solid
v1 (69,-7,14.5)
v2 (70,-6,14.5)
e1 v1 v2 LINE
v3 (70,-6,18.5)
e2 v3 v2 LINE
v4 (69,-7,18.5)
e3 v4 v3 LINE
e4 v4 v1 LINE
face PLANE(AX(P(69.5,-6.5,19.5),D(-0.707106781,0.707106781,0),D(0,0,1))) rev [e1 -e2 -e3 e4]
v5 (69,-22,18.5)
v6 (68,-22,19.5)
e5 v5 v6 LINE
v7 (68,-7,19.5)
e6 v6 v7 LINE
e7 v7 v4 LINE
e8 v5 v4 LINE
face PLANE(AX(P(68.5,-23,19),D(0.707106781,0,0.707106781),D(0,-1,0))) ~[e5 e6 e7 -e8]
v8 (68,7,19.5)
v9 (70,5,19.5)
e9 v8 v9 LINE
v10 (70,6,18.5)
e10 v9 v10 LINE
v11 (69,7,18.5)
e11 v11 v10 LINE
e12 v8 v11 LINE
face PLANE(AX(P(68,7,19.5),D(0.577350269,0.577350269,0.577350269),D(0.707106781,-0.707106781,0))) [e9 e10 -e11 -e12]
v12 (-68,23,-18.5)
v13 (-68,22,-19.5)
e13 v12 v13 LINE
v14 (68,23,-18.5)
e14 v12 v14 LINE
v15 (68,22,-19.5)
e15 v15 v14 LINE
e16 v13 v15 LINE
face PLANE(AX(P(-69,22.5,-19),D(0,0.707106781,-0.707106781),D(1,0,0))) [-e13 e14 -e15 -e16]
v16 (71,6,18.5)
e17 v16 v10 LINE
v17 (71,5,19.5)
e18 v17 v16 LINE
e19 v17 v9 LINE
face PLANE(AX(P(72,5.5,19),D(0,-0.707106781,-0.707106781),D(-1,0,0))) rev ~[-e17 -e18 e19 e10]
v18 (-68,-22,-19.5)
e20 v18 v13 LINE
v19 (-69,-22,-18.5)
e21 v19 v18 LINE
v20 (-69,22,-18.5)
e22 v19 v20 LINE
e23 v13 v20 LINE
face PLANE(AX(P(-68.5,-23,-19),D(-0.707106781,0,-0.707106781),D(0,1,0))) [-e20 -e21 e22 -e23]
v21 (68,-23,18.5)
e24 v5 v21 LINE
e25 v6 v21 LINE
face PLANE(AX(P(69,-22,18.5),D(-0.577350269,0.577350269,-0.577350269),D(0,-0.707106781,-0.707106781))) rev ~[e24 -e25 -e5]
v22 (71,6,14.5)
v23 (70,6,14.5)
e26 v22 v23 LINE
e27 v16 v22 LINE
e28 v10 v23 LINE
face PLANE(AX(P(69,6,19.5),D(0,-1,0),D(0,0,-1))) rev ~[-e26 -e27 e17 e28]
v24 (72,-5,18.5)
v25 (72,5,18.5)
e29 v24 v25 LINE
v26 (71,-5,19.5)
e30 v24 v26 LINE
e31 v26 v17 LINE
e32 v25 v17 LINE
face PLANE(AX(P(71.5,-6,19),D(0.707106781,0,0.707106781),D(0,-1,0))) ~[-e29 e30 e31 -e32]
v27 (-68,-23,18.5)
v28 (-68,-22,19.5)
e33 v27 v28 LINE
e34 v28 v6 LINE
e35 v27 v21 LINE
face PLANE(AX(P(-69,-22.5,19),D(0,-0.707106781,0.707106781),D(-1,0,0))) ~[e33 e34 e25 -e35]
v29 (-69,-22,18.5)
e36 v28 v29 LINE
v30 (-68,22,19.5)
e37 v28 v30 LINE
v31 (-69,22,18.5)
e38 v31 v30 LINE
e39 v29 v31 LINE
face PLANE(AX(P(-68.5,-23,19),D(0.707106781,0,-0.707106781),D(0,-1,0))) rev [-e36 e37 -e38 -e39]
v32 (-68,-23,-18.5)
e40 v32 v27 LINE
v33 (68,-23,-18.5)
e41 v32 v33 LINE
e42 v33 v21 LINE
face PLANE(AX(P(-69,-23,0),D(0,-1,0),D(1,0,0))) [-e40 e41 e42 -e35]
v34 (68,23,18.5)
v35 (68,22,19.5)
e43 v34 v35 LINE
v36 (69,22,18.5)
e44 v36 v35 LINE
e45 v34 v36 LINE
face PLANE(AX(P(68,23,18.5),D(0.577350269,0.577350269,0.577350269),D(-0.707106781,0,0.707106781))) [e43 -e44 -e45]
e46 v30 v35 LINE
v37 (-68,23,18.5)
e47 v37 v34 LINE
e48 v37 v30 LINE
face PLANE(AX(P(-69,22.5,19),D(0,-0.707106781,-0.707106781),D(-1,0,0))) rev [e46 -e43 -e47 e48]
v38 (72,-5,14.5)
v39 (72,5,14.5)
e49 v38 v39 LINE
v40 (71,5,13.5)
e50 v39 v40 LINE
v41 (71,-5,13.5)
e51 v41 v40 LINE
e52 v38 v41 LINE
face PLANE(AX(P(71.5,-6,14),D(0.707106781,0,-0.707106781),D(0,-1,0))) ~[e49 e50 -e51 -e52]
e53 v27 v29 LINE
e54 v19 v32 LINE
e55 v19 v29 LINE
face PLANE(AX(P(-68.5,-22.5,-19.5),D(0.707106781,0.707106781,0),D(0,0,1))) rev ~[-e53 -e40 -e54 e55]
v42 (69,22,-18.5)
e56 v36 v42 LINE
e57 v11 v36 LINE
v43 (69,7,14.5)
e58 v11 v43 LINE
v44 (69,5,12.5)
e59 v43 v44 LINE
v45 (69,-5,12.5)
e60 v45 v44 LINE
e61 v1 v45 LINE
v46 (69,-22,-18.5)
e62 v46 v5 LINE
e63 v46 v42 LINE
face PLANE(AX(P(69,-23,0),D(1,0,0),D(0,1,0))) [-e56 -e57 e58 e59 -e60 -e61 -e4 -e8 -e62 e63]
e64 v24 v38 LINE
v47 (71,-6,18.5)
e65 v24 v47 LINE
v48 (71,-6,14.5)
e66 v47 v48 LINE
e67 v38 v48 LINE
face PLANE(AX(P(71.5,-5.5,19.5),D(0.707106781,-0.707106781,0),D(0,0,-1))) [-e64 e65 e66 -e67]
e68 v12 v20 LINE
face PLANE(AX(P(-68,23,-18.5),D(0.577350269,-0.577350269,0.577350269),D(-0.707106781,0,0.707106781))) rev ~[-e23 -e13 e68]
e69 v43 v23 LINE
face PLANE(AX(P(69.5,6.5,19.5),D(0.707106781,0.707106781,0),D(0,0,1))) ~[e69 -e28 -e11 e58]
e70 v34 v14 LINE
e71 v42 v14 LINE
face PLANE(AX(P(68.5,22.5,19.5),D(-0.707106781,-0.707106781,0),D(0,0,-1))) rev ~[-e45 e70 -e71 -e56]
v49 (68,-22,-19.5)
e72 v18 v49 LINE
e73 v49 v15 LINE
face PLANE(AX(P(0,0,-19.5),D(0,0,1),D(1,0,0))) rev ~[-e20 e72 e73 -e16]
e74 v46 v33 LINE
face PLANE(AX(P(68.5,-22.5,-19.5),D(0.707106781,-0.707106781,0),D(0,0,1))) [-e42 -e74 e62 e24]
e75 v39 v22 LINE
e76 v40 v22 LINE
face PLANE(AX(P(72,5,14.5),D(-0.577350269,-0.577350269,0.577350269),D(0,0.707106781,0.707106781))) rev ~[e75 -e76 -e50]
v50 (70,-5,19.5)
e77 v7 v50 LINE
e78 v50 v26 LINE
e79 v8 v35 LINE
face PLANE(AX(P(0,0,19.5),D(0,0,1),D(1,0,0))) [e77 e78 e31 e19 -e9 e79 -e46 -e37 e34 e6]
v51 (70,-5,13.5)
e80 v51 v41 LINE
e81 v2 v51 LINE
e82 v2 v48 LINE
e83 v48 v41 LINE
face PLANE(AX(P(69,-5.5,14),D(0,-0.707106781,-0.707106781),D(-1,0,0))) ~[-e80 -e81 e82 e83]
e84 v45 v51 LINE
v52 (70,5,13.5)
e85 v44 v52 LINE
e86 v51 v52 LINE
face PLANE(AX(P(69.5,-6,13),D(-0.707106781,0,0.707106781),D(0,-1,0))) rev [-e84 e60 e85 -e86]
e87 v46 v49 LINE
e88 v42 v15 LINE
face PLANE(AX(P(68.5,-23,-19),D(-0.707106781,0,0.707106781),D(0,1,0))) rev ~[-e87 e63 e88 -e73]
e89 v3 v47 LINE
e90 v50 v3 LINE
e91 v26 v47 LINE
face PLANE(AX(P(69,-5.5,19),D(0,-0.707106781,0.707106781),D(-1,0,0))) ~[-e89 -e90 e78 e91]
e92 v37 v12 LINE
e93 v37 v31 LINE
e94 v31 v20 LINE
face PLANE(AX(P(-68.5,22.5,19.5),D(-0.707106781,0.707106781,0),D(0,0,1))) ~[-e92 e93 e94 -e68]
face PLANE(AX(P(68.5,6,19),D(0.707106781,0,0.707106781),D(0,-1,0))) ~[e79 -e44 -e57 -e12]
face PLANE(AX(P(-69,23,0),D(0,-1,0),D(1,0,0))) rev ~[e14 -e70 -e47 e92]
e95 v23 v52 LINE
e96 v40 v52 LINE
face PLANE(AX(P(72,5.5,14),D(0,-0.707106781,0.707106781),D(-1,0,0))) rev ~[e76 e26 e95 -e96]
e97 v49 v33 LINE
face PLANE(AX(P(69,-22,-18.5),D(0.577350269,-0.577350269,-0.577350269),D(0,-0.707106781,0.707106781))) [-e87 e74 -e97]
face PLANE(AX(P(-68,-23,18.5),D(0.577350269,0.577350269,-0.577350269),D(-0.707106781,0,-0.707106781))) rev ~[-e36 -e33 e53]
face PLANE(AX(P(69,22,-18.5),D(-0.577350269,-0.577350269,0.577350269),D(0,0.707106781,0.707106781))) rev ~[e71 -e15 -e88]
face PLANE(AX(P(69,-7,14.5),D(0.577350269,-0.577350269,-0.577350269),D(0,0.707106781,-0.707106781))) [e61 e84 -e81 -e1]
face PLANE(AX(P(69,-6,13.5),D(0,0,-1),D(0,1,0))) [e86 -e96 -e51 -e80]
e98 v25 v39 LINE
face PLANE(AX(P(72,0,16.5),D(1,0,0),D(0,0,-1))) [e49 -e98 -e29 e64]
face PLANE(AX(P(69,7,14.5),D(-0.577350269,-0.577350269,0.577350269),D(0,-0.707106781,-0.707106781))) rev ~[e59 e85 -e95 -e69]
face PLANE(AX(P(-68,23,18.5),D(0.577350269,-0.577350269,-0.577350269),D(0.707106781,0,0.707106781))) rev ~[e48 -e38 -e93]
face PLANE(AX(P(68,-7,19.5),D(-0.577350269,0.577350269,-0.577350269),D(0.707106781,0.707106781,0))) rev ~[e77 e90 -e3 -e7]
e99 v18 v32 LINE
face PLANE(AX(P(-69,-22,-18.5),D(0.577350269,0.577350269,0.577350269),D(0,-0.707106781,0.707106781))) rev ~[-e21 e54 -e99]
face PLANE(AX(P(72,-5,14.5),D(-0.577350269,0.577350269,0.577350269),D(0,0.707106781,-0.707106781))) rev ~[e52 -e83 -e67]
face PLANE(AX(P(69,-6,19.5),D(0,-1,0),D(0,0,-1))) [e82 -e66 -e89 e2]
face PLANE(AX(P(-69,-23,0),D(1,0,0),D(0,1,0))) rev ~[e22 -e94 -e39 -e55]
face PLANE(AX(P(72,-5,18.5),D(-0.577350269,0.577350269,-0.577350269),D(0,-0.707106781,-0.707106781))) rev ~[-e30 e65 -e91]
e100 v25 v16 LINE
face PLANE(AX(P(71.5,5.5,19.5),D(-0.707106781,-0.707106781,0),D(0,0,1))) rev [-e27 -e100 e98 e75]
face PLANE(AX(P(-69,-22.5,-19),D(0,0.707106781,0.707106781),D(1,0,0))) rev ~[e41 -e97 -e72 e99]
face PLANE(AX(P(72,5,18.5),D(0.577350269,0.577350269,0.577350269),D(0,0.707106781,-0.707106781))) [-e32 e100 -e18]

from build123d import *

# Parameters (mm, degrees)
SKETCH1_W           = 138
SKETCH1_H           = 46
BOSS_EXTRUDE1_DEPTH = 19.5
SKETCH2_W           = 6
SKETCH2_H           = 12
BOSS_EXTRUDE2_DEPTH = 3
CHAMFER1_SIZE       = 1


with BuildPart() as part:
    # Sketch1 → Boss-Extrude1 (new body, symmetric)
    with BuildSketch(Plane.XY):
        Rectangle(SKETCH1_W, SKETCH1_H)
    extrude(amount=BOSS_EXTRUDE1_DEPTH, both=True)

    # Sketch2 → Boss-Extrude2 (add, symmetric)
    with BuildSketch(Plane(origin=(69, 0, 0), x_dir=(0, 0, -1), z_dir=(1, 0, 0))):
        with Locations((-16.5, 0)):
            Rectangle(SKETCH2_W, SKETCH2_H)
    extrude(amount=BOSS_EXTRUDE2_DEPTH, both=True)

    # Chamfer1
    chamfer1_edges = [part.edges().sort_by_distance(p)[0] for p in [
        (-69, 0, 19.5),
        (0, -23, 19.5),
        (69, 14.5, 19.5),
        (69, 0, 13.5),
        (70.5, 6, 19.5),
        (70.5, -6, 13.5),
        (70.5, -6, 19.5),
        (69, -6, 16.5),
        (70.5, 6, 13.5),
        (69, 6, 16.5),
        (72, 0, 19.5),
        (72, -6, 16.5),
        (72, 0, 13.5),
        (72, 6, 16.5),
        (69, -14.5, 19.5),
        (0, -23, -19.5),
        (-69, 0, -19.5),
        (0, 23, -19.5),
        (69, 0, -19.5),
        (69, -23, 0),
        (-69, -23, 0),
        (-69, 23, 0),
        (69, 23, 0),
        (0, 23, 19.5),
    ]]
    chamfer(chamfer1_edges, length=CHAMFER1_SIZE)


solid = part.part
